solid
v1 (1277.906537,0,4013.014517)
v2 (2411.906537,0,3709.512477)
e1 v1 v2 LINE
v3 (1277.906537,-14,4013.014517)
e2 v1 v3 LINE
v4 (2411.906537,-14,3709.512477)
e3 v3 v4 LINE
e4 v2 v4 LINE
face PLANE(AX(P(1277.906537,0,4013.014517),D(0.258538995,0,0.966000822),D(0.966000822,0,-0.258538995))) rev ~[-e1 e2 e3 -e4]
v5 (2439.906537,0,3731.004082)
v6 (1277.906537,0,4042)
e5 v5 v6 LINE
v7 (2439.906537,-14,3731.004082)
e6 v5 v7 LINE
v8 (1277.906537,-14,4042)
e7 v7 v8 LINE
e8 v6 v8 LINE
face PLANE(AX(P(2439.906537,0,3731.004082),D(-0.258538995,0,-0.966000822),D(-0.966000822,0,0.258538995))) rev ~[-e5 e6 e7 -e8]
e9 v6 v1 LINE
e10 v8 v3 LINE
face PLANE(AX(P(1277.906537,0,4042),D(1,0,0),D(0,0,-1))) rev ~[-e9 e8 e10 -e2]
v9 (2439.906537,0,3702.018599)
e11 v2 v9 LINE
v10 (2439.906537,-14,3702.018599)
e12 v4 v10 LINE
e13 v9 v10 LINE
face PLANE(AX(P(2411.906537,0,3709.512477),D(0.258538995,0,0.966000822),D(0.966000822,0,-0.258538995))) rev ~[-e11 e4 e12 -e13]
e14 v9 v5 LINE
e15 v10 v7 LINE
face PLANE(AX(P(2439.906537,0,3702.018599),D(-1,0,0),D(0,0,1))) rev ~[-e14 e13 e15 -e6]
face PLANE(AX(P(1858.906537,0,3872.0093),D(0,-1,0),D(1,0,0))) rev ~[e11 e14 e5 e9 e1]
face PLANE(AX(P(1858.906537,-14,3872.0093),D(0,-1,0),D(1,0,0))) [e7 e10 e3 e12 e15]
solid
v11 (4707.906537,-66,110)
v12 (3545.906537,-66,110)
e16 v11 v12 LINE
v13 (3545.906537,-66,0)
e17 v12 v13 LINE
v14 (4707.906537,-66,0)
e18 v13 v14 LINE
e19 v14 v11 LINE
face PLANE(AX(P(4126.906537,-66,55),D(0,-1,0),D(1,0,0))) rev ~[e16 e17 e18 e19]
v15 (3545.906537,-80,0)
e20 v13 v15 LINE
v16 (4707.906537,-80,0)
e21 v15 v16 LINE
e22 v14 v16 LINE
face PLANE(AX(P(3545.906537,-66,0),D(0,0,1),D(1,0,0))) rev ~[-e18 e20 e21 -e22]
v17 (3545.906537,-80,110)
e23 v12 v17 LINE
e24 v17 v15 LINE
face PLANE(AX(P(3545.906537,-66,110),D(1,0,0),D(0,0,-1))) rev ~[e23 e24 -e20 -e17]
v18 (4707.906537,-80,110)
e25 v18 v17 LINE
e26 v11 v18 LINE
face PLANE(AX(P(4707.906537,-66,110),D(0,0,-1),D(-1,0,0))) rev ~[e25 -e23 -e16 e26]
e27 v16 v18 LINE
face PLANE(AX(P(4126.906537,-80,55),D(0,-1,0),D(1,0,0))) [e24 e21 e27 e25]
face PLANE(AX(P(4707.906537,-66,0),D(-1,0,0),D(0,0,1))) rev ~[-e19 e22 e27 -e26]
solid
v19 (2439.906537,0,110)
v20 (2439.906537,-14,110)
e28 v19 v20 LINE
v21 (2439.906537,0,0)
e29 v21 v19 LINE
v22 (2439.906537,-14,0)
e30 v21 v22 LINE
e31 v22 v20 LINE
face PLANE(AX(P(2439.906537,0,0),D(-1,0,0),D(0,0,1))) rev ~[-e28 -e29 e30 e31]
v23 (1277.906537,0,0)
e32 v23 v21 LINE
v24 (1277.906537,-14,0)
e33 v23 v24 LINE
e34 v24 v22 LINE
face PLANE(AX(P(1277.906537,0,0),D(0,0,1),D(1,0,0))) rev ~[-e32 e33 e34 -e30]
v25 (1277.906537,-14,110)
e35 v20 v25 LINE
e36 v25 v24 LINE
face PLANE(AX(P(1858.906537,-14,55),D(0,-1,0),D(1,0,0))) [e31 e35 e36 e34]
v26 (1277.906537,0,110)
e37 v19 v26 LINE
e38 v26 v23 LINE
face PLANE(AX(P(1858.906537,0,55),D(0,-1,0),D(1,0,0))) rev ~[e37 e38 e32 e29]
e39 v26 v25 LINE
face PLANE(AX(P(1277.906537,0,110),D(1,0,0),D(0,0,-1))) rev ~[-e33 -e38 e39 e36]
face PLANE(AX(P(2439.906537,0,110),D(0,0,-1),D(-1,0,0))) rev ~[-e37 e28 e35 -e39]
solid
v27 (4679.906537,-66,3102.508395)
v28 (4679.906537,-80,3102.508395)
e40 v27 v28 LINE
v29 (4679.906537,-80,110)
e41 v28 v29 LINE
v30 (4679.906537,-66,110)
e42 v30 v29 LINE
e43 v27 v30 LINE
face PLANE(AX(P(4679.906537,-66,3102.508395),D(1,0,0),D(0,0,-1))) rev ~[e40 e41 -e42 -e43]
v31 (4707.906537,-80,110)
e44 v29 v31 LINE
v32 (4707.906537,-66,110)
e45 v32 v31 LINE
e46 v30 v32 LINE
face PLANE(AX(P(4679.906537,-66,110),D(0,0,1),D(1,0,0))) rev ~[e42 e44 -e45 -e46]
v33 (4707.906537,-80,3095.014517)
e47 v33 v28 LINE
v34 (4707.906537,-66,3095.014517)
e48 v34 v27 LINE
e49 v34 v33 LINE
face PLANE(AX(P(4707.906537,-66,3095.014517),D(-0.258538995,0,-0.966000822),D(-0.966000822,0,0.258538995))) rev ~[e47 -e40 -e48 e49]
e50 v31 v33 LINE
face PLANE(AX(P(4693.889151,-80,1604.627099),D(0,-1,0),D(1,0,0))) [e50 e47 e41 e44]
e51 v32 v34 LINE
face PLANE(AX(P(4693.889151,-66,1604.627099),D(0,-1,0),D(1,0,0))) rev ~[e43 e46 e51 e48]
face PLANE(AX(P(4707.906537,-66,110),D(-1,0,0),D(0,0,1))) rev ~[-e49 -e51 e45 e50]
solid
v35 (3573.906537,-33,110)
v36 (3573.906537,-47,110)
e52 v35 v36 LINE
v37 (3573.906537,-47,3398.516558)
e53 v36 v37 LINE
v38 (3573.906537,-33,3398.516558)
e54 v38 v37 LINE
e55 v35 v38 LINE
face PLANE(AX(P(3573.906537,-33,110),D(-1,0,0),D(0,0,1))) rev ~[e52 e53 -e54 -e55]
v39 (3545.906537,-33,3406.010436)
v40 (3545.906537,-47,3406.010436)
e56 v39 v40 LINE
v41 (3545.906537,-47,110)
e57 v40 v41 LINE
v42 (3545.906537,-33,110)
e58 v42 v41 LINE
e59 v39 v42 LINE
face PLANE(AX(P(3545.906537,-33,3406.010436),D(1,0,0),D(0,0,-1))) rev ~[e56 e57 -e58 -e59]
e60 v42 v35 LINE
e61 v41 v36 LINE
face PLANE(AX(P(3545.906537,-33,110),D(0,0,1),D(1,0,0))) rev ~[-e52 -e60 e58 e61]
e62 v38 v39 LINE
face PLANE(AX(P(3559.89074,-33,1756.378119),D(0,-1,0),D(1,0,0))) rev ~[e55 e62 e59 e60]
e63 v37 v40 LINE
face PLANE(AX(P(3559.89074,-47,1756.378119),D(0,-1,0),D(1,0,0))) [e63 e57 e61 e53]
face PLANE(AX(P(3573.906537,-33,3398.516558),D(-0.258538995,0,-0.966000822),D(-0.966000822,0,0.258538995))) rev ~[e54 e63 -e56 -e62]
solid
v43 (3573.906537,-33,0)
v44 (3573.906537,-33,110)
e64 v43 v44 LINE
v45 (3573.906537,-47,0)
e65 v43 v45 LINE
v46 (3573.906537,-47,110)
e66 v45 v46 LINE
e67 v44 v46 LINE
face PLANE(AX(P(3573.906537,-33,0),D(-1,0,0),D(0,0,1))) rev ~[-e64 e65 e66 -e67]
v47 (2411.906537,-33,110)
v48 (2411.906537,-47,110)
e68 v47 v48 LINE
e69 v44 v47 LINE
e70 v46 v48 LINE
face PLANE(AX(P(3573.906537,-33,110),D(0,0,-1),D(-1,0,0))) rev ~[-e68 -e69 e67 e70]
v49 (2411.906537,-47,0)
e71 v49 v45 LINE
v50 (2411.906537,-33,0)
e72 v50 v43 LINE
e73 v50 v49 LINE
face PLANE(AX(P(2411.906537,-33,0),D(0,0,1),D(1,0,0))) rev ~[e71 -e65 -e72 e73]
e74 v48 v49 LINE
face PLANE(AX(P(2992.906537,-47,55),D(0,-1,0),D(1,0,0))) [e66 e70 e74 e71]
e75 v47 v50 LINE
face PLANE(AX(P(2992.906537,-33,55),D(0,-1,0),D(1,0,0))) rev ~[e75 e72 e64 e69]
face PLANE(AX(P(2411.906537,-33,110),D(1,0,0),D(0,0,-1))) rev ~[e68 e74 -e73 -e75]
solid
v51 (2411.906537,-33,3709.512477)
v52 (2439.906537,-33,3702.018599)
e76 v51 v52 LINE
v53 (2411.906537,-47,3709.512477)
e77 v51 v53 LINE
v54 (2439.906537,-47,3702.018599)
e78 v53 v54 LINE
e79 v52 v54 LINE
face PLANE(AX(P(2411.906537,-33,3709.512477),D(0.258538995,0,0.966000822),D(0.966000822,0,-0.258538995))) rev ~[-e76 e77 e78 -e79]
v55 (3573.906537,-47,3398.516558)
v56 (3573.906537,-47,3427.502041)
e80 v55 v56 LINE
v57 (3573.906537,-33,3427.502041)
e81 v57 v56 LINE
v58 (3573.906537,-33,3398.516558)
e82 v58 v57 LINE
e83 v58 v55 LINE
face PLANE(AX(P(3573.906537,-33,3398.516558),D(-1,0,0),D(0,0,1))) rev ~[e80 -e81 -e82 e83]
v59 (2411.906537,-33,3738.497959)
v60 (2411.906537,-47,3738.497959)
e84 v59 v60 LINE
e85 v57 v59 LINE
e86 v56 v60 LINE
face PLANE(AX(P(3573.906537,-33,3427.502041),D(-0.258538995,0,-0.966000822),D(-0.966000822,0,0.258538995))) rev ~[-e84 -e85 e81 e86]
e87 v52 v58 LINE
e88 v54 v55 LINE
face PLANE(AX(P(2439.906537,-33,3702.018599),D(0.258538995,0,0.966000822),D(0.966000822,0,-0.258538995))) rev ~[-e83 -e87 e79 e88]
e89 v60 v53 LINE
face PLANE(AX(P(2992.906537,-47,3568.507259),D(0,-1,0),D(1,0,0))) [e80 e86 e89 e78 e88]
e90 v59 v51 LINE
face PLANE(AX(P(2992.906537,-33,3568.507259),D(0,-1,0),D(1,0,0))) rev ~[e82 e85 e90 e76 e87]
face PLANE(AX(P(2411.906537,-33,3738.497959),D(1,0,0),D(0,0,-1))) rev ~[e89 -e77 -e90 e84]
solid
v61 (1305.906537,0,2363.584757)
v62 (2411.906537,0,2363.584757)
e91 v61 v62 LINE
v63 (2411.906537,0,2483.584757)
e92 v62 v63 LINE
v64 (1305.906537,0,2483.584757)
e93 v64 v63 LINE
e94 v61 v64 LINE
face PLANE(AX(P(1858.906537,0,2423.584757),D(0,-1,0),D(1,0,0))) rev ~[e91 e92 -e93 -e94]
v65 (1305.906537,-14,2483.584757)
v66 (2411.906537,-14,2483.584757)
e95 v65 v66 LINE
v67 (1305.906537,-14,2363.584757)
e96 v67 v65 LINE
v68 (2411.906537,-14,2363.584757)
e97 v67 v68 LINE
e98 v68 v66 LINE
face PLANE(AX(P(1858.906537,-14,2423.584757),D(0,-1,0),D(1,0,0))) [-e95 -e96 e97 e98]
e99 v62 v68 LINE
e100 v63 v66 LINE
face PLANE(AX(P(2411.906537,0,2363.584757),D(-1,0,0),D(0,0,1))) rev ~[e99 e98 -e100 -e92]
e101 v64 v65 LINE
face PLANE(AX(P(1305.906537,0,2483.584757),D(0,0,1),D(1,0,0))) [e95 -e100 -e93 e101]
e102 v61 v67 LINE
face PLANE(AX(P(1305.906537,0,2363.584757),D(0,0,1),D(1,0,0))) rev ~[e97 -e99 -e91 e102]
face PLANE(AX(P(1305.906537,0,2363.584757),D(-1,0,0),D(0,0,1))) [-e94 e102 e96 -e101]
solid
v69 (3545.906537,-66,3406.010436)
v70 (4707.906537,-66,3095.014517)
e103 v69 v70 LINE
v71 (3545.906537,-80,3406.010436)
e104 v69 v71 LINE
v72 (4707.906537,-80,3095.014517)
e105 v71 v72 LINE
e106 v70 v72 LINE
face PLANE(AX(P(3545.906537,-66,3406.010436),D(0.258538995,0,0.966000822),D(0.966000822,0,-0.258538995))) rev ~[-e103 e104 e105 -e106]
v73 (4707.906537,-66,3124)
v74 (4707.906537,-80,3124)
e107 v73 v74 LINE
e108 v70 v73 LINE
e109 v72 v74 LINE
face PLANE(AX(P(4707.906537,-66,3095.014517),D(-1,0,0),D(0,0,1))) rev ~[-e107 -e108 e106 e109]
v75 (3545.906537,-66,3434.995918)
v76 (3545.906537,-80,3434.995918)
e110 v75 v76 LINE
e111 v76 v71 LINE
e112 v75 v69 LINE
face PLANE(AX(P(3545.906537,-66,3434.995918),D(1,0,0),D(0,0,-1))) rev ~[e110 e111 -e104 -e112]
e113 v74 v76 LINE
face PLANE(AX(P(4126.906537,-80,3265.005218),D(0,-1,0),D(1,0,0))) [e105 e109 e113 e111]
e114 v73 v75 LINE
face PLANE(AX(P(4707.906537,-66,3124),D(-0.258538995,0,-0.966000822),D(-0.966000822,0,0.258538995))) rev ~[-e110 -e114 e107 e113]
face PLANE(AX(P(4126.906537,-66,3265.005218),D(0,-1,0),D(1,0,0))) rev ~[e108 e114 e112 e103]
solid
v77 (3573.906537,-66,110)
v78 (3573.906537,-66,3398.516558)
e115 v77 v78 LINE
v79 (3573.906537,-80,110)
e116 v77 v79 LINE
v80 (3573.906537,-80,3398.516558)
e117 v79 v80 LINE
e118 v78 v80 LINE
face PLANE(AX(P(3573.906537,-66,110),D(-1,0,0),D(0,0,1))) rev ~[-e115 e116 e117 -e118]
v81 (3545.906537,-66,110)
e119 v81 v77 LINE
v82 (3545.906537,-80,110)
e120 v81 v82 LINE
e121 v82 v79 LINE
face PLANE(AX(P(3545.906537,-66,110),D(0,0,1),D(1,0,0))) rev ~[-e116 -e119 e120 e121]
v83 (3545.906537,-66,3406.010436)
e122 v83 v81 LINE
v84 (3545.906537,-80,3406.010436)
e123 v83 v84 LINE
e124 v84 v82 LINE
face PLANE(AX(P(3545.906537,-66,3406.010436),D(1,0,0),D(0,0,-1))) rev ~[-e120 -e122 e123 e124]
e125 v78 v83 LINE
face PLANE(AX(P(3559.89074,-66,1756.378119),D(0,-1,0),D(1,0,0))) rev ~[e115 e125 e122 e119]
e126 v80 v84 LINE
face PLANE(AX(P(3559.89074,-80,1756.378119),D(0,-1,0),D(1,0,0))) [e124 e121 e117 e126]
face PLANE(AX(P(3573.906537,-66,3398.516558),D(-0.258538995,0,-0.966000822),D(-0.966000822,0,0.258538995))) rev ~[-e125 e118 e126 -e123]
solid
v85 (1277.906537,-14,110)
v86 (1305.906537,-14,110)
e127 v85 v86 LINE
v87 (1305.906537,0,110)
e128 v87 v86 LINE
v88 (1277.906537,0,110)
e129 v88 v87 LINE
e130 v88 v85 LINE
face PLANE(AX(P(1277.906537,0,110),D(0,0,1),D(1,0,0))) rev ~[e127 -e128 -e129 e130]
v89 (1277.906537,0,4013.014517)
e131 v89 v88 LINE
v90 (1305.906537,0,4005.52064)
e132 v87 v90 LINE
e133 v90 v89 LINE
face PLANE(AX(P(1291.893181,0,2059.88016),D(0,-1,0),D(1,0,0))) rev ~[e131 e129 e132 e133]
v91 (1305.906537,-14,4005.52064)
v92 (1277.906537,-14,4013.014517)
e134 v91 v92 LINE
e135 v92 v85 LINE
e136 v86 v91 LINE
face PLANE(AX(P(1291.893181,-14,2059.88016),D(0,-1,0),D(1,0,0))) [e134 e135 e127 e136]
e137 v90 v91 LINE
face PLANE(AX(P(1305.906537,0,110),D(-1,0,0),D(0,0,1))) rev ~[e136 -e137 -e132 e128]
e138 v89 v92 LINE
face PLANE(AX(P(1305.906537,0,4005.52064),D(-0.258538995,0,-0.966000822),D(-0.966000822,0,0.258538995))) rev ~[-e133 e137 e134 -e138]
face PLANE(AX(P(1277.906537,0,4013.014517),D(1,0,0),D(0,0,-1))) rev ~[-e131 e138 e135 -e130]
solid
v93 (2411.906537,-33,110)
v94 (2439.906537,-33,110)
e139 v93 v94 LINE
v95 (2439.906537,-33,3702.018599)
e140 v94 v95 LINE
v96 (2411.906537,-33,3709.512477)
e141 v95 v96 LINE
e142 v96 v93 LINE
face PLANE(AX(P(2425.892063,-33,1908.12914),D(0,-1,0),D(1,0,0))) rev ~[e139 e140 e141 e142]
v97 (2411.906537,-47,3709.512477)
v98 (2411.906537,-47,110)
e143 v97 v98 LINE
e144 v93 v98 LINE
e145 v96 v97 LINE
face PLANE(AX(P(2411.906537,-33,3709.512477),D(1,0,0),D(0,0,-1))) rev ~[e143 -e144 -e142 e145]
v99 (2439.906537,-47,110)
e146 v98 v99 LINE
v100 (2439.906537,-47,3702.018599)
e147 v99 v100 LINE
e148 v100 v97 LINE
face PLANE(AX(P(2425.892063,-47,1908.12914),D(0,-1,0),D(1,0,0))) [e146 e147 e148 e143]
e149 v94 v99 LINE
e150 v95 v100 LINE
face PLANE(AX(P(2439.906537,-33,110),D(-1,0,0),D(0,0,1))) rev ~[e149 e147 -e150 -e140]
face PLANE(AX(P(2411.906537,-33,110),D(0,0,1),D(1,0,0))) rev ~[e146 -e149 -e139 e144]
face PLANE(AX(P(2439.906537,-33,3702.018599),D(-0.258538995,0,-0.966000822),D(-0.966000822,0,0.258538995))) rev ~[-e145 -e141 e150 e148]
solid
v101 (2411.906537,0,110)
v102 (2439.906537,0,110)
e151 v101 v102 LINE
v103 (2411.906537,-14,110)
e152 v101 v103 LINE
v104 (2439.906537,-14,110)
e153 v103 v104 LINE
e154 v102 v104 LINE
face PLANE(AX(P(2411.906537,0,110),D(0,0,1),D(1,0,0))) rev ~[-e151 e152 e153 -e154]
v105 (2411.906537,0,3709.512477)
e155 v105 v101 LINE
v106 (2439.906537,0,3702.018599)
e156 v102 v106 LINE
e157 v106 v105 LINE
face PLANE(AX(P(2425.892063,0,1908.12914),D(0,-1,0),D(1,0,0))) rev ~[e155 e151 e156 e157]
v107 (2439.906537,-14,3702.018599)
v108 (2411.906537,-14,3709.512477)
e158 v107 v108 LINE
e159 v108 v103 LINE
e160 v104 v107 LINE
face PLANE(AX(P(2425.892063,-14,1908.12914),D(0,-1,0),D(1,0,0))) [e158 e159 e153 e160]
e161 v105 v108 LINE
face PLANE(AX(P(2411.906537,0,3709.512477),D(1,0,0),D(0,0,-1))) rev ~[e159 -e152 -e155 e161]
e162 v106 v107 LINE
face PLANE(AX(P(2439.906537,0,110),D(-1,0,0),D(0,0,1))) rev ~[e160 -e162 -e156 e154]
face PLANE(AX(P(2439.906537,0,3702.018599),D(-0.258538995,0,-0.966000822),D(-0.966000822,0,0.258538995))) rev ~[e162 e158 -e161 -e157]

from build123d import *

# Parameters (mm, degrees)
F5_DEPTH  = 14
F6_DEPTH  = 14
F7_DEPTH  = 14
F8_DEPTH  = 14
F9_START  = 33
F9_DEPTH  = 14
F10_START = 33
F10_DEPTH = 14
F11_START = 33
F11_DEPTH = 14
F12_START = 33
F12_DEPTH = 14
F13_START = 66
F13_DEPTH = 14
F14_START = 66
F14_DEPTH = 14
F15_START = 66
F15_DEPTH = 14
F16_START = 66
F16_DEPTH = 14
F3_W      = 1106
F3_H      = 120
F17_DEPTH = 14


with BuildPart() as f5:
    # F3 (on Front) → F5 (new body)
    with BuildSketch(Plane.XZ):
        Polygon((1277.9065368968, 4042), (1277.9065368968, 4013.0145174139), (1305.9065368968, 4005.5206398629), (2411.9065368968, 3709.5124765976), (2439.9065368968, 3702.0185990465), (2439.9065368968, 3731.0040816327), align=None)
    extrude(amount=F5_DEPTH)


with BuildPart() as f6:
    # F3 (on Front) → F6 (new body)
    with BuildSketch(Plane.XZ):
        Polygon((2411.9065368968, 2363.5847568512), (2411.9065368968, 110), (2439.9065368968, 110), (2439.9065368968, 3702.0185990465), (2411.9065368968, 3709.5124765976), (2411.9065368968, 2483.5847568512), align=None)
    extrude(amount=F6_DEPTH)


with BuildPart() as f7:
    # F3 (on Front) → F7 (new body)
    with BuildSketch(Plane.XZ):
        Polygon((1277.9065368968, 4013.0145174139), (1277.9065368968, 110), (1305.9065368968, 110), (1305.9065368968, 2363.5847568512), (1305.9065368968, 2483.5847568512), (1305.9065368968, 4005.5206398629), align=None)
    extrude(amount=F7_DEPTH)


with BuildPart() as f8:
    # F3 (on Front) → F8 (new body)
    with BuildSketch(Plane.XZ):
        Polygon((1277.9065368968, 110), (1277.9065368968, 0), (2411.9065368968, 0), (2439.9065368968, 0), (2439.9065368968, 110), (2411.9065368968, 110), (1305.9065368968, 110), align=None)
    extrude(amount=F8_DEPTH)


with BuildPart() as f9:
    # F4 (on Front) → F9 (new body)
    with BuildSketch(Plane.XZ.offset(F9_START)):
        Polygon((2411.9065368968, 3738.4979591837), (2411.9065368968, 3709.5124765976), (2439.9065368968, 3702.0185990465), (3545.9065368968, 3406.0104357812), (3573.9065368968, 3398.5165582302), (3573.9065368968, 3427.5020408163), align=None)
    extrude(amount=F9_DEPTH)


with BuildPart() as f10:
    # F4 (on Front) → F10 (new body)
    with BuildSketch(Plane.XZ.offset(F10_START)):
        Polygon((2411.9065368968, 3709.5124765976), (2411.9065368968, 110), (2439.9065368968, 110), (2439.9065368968, 3702.0185990465), align=None)
    extrude(amount=F10_DEPTH)


with BuildPart() as f11:
    # F4 (on Front) → F11 (new body)
    with BuildSketch(Plane.XZ.offset(F11_START)):
        Polygon((3545.9065368968, 3406.0104357812), (3545.9065368968, 110), (3573.9065368968, 110), (3573.9065368968, 3398.5165582302), align=None)
    extrude(amount=F11_DEPTH)


with BuildPart() as f12:
    # F4 (on Front) → F12 (new body)
    with BuildSketch(Plane.XZ.offset(F12_START)):
        Polygon((2439.9065368968, 110), (2411.9065368968, 110), (2411.9065368968, 0), (3573.9065368968, 0), (3573.9065368968, 110), (3545.9065368968, 110), align=None)
    extrude(amount=F12_DEPTH)


with BuildPart() as f13:
    # F3 (on Front) → F13 (new body)
    with BuildSketch(Plane.XZ.offset(F13_START)):
        Polygon((4679.9065368968, 3102.5083949649), (4707.9065368968, 3095.0145174139), (4707.9065368968, 3124), (3545.9065368968, 3434.9959183673), (3545.9065368968, 3406.0104357812), (3573.9065368968, 3398.5165582302), align=None)
    extrude(amount=F13_DEPTH)


with BuildPart() as f14:
    # F3 (on Front) → F14 (new body)
    with BuildSketch(Plane.XZ.offset(F14_START)):
        Polygon((3545.9065368968, 3406.0104357812), (3545.9065368968, 110), (3573.9065368968, 110), (3573.9065368968, 3398.5165582302), align=None)
    extrude(amount=F14_DEPTH)


with BuildPart() as f15:
    # F3 (on Front) → F15 (new body)
    with BuildSketch(Plane.XZ.offset(F15_START)):
        Polygon((4679.9065368968, 110), (4707.9065368968, 110), (4707.9065368968, 3095.0145174139), (4679.9065368968, 3102.5083949649), align=None)
    extrude(amount=F15_DEPTH)


with BuildPart() as f16:
    # F3 (on Front) → F16 (new body)
    with BuildSketch(Plane.XZ.offset(F16_START)):
        Polygon((3545.9065368968, 0), (4707.9065368968, 0), (4707.9065368968, 110), (4679.9065368968, 110), (3573.9065368968, 110), (3545.9065368968, 110), align=None)
    extrude(amount=F16_DEPTH)


with BuildPart() as f17:
    # F3 (on Front) → F17 (new body)
    with BuildSketch(Plane.XZ):
        with Locations((1858.9065368968, 2423.5847568512)):
            Rectangle(F3_W, F3_H)
    extrude(amount=F17_DEPTH)


solid = Compound([f5.part, f6.part, f7.part, f8.part, f9.part, f10.part, f11.part, f12.part, f13.part, f14.part, f15.part, f16.part, f17.part])
